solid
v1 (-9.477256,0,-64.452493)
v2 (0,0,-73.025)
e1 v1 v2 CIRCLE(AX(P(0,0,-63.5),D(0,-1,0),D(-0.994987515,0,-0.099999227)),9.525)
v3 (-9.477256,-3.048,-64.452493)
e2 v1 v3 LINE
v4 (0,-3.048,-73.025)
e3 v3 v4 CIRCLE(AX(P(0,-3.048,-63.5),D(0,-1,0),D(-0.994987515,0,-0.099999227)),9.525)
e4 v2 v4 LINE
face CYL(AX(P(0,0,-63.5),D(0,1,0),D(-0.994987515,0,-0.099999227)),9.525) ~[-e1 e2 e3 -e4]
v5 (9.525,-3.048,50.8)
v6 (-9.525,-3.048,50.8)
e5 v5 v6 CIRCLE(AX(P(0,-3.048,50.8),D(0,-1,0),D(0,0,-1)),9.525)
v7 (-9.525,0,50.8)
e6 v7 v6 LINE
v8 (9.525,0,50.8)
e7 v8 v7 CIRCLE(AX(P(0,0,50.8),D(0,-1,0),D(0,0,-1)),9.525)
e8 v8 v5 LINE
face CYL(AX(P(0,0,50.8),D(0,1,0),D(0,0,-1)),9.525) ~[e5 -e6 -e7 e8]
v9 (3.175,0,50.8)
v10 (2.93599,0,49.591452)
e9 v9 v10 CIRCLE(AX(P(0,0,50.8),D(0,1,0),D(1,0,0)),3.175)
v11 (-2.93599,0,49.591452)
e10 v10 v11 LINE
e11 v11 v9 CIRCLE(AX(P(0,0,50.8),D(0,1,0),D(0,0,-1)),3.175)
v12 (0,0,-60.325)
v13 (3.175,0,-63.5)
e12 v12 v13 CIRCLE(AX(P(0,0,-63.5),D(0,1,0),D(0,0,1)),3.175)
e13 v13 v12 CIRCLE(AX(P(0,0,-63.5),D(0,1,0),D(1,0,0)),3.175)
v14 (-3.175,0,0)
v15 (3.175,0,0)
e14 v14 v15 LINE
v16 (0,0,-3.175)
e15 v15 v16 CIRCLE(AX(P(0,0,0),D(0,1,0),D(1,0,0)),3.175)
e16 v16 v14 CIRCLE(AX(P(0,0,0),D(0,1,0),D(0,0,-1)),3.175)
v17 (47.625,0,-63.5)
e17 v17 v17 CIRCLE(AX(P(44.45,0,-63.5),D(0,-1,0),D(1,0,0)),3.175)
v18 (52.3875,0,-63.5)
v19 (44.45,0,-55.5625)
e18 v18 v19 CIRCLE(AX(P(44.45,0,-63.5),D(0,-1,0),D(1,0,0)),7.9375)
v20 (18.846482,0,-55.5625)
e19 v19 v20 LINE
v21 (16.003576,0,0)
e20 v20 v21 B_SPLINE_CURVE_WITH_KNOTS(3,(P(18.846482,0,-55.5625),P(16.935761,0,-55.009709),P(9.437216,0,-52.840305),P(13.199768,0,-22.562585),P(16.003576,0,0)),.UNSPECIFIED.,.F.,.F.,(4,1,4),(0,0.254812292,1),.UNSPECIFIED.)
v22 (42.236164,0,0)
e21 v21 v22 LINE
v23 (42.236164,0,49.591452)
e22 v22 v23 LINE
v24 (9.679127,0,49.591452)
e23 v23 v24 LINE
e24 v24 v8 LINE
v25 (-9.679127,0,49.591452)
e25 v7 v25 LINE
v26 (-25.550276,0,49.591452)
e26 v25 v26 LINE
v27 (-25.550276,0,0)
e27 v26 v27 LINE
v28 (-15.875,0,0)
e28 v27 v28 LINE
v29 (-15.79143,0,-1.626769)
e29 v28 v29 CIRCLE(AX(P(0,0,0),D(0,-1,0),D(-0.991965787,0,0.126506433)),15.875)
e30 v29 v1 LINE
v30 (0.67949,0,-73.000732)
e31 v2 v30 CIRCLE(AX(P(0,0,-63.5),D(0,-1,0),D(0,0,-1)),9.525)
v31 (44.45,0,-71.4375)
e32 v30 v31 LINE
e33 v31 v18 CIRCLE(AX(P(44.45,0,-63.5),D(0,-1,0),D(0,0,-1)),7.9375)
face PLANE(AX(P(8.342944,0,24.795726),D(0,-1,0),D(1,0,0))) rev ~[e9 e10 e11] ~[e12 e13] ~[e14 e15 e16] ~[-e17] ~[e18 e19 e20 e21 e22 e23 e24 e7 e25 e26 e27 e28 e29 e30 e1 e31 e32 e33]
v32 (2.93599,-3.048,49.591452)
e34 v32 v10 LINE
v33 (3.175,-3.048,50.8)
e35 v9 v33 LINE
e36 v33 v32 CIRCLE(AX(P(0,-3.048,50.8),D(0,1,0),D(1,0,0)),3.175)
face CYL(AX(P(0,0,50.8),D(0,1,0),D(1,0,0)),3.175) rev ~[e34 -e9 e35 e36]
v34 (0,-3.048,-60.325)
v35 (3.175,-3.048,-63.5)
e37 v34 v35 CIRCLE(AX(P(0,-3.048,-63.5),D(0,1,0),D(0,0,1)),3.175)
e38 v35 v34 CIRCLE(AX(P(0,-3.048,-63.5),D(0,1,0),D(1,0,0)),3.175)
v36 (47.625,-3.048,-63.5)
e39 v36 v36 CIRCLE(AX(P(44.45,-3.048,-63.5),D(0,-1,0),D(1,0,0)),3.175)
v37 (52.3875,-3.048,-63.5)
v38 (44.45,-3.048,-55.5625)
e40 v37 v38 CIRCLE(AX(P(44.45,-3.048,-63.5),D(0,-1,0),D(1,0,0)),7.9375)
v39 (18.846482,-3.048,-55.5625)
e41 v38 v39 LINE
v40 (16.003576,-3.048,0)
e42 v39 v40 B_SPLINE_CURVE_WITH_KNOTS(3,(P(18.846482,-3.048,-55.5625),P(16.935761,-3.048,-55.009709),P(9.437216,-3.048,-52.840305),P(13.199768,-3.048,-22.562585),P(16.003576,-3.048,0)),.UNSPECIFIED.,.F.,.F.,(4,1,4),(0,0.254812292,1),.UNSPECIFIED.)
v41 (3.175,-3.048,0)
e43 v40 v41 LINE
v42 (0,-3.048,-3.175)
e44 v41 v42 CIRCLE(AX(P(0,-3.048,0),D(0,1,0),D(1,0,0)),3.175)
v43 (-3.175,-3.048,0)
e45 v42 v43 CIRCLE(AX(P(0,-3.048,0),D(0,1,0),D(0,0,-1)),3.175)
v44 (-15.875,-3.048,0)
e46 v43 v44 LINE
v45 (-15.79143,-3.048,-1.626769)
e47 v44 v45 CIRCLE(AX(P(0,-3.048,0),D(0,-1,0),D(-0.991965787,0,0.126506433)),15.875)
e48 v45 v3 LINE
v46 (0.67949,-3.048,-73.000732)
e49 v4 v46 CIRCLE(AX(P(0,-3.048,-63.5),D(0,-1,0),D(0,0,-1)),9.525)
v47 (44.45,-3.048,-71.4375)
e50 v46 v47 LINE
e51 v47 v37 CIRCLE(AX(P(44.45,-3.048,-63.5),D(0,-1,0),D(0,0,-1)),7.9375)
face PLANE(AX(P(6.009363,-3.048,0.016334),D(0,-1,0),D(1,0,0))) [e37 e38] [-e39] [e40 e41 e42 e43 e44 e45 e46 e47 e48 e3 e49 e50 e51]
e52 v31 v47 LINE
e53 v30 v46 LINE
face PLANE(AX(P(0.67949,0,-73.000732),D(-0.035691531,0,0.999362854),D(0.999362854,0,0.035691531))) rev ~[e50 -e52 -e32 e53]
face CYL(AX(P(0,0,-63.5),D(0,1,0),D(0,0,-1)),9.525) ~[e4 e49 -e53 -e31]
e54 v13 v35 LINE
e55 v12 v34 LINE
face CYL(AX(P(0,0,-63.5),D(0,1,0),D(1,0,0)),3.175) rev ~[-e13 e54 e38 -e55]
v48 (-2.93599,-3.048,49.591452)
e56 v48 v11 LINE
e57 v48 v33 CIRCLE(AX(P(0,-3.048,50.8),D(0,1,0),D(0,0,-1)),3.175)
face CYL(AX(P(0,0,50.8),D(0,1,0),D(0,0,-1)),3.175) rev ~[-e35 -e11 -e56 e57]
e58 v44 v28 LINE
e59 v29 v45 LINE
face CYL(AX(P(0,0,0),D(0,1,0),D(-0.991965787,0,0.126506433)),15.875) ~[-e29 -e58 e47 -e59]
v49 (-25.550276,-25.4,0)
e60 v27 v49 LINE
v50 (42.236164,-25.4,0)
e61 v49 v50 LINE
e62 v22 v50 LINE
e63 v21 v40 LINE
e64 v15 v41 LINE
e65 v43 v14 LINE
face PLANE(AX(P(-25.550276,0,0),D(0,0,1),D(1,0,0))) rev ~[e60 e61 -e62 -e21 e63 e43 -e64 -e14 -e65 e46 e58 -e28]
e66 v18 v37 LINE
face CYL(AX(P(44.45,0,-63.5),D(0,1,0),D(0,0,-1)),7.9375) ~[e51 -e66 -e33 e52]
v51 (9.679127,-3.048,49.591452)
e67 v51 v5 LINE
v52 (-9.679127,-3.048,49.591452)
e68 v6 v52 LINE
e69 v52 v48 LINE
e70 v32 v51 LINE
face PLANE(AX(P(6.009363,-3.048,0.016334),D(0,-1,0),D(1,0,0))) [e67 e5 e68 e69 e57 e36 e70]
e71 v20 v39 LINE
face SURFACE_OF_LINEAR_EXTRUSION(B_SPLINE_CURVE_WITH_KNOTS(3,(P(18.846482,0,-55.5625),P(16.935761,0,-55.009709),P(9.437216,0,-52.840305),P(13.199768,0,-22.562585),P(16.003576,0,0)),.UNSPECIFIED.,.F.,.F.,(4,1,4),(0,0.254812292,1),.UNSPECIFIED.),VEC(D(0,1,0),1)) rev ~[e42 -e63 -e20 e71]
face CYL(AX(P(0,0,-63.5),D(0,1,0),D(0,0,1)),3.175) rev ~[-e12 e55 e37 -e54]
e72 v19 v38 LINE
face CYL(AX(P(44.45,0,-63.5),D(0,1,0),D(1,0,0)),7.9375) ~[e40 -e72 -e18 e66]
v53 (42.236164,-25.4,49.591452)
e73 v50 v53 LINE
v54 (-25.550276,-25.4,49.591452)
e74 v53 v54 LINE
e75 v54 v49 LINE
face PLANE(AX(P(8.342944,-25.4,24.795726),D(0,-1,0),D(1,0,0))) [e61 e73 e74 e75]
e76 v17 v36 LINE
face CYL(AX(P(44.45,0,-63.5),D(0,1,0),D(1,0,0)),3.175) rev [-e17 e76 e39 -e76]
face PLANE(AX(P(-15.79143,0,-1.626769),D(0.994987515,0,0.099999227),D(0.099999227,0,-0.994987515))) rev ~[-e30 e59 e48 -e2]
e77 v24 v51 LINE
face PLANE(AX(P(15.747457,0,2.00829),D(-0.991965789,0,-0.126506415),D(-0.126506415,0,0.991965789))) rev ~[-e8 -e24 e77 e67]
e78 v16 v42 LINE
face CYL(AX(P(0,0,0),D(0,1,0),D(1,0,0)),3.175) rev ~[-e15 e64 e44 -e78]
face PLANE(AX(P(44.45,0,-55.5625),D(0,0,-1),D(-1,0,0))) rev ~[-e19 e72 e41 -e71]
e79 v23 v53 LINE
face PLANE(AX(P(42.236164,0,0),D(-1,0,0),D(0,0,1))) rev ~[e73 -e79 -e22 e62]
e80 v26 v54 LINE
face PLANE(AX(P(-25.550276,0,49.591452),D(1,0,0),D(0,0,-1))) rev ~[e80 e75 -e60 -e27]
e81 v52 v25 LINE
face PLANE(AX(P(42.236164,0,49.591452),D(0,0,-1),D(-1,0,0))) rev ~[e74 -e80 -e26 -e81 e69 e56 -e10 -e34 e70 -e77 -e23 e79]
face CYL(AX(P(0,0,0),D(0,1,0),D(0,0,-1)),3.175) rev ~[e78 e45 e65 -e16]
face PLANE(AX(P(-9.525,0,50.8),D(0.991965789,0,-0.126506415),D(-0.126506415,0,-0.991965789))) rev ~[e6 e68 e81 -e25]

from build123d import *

# Parameters (mm, degrees)
F0_R     = 1.5875
F0_R_2   = 3.175
F1_DEPTH = 3.048
F3_DEPTH = 25.4


with BuildPart() as f1:
    # F0 (on Front) → F1 (new body)
    with BuildSketch(Plane.XZ):
        with BuildLine():
            ThreePointArc((0, -15.875), (11.2253201513, -11.2253201513), (15.875, 0))
            ThreePointArc((15.875, 0), (15.8430821306, 1.0061677811), (15.7474568688, 2.0082896118))
            ThreePointArc((15.7474568688, 2.0082896118), (10.4912827484, 11.9142188705), (0, 15.875))
            Line((0, 15.875), (0, 3.175))
            ThreePointArc((0, 3.175), (2.2450640303, 2.2450640303), (3.175, 0))
            ThreePointArc((3.175, 0), (2.2450640303, -2.2450640303), (0, -3.175))
            Line((0, -3.175), (0, -15.875))
        make_face()
        with BuildLine():
            ThreePointArc((15.7474568688, 2.0082896118), (15.8430821306, 1.0061677811), (15.875, 0))
            ThreePointArc((15.875, 0), (11.2253201513, -11.2253201513), (0, -15.875))
            Line((0, -15.875), (0, -53.975))
            ThreePointArc((0, -53.975), (6.7351920908, -56.7648079092), (9.525, -63.5))
            ThreePointArc((9.525, -63.5), (6.9712901065, -69.9905114784), (0.6794904459, -73.0007324841))
            Line((0.6794904459, -73.0007324841), (44.45, -71.4375))
            ThreePointArc((44.45, -71.4375), (36.5125, -63.5), (44.45, -55.5625))
            Line((44.45, -55.5625), (18.8464820385, -55.5625))
            add(Edge.make_bspline(
                [(18.8464820385, -55.5625), (16.9357606523, -55.0097091598), (9.4372158473, -52.8403050213), (13.1997682789, -22.5625848825), (16.0035761028, 0)],
                knots=[0, 0, 0, 0, 0.2548122917, 1, 1, 1, 1], degree=3))
            Line((16.0035761028, 0), (15.7474568688, 2.0082896118))
        make_face()
        with BuildLine():
            ThreePointArc((0, 15.875), (10.4912827484, 11.9142188705), (15.7474568688, 2.0082896118))
            Line((15.7474568688, 2.0082896118), (9.525, 50.8))
            ThreePointArc((9.525, 50.8), (6.7351920908, 44.0648079092), (0, 41.275))
            Line((0, 41.275), (0, 15.875))
        make_face()
        with BuildLine():
            Line((0, -53.975), (0, -15.875))
            ThreePointArc((0, -15.875), (-10.634629101, -11.7864451335), (-15.7914295954, -1.6267686783))
            Line((-15.7914295954, -1.6267686783), (-9.4772560787, -64.4524926348))
            ThreePointArc((-9.4772560787, -64.4524926348), (-7.0639265761, -57.1104330094), (0, -53.975))
        make_face()
        with BuildLine():
            ThreePointArc((-15.7914295954, -1.6267686783), (-10.634629101, -11.7864451335), (0, -15.875))
            Line((0, -15.875), (0, -3.175))
            ThreePointArc((0, -3.175), (-3.175, 0), (0, 3.175))
            Line((0, 3.175), (0, 15.875))
            ThreePointArc((0, 15.875), (-10.4912827447, 11.9142188737), (-15.7474568676, 2.0082896216))
            ThreePointArc((-15.7474568676, 2.0082896216), (-15.8738386045, 0.192023326), (-15.7914295954, -1.6267686783))
        make_face()
        with BuildLine():
            ThreePointArc((-15.7474568676, 2.0082896216), (-10.4912827447, 11.9142188737), (0, 15.875))
            Line((0, 15.875), (0, 41.275))
            ThreePointArc((0, 41.275), (-6.7351920908, 44.0648079092), (-9.525, 50.8))
            Line((-9.525, 50.8), (-15.7474568676, 2.0082896216))
        make_face()
        with Locations((-1.9409962697, 36.5252)):
            Circle(F0_R, mode=Mode.SUBTRACT)
        with BuildLine():
            ThreePointArc((0, 41.275), (6.7351920908, 44.0648079092), (9.525, 50.8))
            ThreePointArc((9.525, 50.8), (0, 60.325), (-9.525, 50.8))
            ThreePointArc((-9.525, 50.8), (-6.7351920908, 44.0648079092), (0, 41.275))
        make_face()
        with BuildLine():
            ThreePointArc((3.175, 50.8), (2.2450640303, 48.5549359697), (0, 47.625))
            ThreePointArc((0, 47.625), (-2.2450640303, 53.0450640303), (3.175, 50.8))
        make_face(mode=Mode.SUBTRACT)
        with BuildLine():
            ThreePointArc((9.525, -63.5), (6.7351920908, -56.7648079092), (0, -53.975))
            ThreePointArc((0, -53.975), (-7.0639265761, -57.1104330094), (-9.4772560787, -64.4524926348))
            ThreePointArc((-9.4772560787, -64.4524926348), (-6.3895669906, -70.5639265761), (0, -73.025))
            Line((0, -73.025), (0.6794904459, -73.0007324841))
            ThreePointArc((0.6794904459, -73.0007324841), (6.9712901065, -69.9905114784), (9.525, -63.5))
        make_face()
        with BuildLine():
            ThreePointArc((3.175, -63.5), (-2.2450640303, -65.7450640303), (0, -60.325))
            ThreePointArc((0, -60.325), (2.2450640303, -61.2549359697), (3.175, -63.5))
        make_face(mode=Mode.SUBTRACT)
        with BuildLine():
            ThreePointArc((52.3875, -63.5), (50.0626600757, -57.8873399243), (44.45, -55.5625))
            ThreePointArc((44.45, -55.5625), (36.5125, -63.5), (44.45, -71.4375))
            ThreePointArc((44.45, -71.4375), (50.0626600757, -69.1126600757), (52.3875, -63.5))
        make_face()
        with Locations((44.45, -63.5)):
            Circle(F0_R_2, mode=Mode.SUBTRACT)
        with BuildLine():
            Line((0.6794904459, -73.0007324841), (0, -73.025))
            ThreePointArc((0, -73.025), (0.3399618281, -73.0189311877), (0.6794904459, -73.0007324841))
        make_face()
    extrude(amount=F1_DEPTH)

    # F2 (on Front) → F3 (join)
    with BuildSketch(Plane.XZ):
        Polygon((42.2361642122, 49.5914518833), (-25.550276041, 49.5914518833), (-25.550276041, 0), (42.2361642122, 0), (42.2361642122, 47.7479062974), align=None)
    extrude(amount=F3_DEPTH)


solid = f1.part
